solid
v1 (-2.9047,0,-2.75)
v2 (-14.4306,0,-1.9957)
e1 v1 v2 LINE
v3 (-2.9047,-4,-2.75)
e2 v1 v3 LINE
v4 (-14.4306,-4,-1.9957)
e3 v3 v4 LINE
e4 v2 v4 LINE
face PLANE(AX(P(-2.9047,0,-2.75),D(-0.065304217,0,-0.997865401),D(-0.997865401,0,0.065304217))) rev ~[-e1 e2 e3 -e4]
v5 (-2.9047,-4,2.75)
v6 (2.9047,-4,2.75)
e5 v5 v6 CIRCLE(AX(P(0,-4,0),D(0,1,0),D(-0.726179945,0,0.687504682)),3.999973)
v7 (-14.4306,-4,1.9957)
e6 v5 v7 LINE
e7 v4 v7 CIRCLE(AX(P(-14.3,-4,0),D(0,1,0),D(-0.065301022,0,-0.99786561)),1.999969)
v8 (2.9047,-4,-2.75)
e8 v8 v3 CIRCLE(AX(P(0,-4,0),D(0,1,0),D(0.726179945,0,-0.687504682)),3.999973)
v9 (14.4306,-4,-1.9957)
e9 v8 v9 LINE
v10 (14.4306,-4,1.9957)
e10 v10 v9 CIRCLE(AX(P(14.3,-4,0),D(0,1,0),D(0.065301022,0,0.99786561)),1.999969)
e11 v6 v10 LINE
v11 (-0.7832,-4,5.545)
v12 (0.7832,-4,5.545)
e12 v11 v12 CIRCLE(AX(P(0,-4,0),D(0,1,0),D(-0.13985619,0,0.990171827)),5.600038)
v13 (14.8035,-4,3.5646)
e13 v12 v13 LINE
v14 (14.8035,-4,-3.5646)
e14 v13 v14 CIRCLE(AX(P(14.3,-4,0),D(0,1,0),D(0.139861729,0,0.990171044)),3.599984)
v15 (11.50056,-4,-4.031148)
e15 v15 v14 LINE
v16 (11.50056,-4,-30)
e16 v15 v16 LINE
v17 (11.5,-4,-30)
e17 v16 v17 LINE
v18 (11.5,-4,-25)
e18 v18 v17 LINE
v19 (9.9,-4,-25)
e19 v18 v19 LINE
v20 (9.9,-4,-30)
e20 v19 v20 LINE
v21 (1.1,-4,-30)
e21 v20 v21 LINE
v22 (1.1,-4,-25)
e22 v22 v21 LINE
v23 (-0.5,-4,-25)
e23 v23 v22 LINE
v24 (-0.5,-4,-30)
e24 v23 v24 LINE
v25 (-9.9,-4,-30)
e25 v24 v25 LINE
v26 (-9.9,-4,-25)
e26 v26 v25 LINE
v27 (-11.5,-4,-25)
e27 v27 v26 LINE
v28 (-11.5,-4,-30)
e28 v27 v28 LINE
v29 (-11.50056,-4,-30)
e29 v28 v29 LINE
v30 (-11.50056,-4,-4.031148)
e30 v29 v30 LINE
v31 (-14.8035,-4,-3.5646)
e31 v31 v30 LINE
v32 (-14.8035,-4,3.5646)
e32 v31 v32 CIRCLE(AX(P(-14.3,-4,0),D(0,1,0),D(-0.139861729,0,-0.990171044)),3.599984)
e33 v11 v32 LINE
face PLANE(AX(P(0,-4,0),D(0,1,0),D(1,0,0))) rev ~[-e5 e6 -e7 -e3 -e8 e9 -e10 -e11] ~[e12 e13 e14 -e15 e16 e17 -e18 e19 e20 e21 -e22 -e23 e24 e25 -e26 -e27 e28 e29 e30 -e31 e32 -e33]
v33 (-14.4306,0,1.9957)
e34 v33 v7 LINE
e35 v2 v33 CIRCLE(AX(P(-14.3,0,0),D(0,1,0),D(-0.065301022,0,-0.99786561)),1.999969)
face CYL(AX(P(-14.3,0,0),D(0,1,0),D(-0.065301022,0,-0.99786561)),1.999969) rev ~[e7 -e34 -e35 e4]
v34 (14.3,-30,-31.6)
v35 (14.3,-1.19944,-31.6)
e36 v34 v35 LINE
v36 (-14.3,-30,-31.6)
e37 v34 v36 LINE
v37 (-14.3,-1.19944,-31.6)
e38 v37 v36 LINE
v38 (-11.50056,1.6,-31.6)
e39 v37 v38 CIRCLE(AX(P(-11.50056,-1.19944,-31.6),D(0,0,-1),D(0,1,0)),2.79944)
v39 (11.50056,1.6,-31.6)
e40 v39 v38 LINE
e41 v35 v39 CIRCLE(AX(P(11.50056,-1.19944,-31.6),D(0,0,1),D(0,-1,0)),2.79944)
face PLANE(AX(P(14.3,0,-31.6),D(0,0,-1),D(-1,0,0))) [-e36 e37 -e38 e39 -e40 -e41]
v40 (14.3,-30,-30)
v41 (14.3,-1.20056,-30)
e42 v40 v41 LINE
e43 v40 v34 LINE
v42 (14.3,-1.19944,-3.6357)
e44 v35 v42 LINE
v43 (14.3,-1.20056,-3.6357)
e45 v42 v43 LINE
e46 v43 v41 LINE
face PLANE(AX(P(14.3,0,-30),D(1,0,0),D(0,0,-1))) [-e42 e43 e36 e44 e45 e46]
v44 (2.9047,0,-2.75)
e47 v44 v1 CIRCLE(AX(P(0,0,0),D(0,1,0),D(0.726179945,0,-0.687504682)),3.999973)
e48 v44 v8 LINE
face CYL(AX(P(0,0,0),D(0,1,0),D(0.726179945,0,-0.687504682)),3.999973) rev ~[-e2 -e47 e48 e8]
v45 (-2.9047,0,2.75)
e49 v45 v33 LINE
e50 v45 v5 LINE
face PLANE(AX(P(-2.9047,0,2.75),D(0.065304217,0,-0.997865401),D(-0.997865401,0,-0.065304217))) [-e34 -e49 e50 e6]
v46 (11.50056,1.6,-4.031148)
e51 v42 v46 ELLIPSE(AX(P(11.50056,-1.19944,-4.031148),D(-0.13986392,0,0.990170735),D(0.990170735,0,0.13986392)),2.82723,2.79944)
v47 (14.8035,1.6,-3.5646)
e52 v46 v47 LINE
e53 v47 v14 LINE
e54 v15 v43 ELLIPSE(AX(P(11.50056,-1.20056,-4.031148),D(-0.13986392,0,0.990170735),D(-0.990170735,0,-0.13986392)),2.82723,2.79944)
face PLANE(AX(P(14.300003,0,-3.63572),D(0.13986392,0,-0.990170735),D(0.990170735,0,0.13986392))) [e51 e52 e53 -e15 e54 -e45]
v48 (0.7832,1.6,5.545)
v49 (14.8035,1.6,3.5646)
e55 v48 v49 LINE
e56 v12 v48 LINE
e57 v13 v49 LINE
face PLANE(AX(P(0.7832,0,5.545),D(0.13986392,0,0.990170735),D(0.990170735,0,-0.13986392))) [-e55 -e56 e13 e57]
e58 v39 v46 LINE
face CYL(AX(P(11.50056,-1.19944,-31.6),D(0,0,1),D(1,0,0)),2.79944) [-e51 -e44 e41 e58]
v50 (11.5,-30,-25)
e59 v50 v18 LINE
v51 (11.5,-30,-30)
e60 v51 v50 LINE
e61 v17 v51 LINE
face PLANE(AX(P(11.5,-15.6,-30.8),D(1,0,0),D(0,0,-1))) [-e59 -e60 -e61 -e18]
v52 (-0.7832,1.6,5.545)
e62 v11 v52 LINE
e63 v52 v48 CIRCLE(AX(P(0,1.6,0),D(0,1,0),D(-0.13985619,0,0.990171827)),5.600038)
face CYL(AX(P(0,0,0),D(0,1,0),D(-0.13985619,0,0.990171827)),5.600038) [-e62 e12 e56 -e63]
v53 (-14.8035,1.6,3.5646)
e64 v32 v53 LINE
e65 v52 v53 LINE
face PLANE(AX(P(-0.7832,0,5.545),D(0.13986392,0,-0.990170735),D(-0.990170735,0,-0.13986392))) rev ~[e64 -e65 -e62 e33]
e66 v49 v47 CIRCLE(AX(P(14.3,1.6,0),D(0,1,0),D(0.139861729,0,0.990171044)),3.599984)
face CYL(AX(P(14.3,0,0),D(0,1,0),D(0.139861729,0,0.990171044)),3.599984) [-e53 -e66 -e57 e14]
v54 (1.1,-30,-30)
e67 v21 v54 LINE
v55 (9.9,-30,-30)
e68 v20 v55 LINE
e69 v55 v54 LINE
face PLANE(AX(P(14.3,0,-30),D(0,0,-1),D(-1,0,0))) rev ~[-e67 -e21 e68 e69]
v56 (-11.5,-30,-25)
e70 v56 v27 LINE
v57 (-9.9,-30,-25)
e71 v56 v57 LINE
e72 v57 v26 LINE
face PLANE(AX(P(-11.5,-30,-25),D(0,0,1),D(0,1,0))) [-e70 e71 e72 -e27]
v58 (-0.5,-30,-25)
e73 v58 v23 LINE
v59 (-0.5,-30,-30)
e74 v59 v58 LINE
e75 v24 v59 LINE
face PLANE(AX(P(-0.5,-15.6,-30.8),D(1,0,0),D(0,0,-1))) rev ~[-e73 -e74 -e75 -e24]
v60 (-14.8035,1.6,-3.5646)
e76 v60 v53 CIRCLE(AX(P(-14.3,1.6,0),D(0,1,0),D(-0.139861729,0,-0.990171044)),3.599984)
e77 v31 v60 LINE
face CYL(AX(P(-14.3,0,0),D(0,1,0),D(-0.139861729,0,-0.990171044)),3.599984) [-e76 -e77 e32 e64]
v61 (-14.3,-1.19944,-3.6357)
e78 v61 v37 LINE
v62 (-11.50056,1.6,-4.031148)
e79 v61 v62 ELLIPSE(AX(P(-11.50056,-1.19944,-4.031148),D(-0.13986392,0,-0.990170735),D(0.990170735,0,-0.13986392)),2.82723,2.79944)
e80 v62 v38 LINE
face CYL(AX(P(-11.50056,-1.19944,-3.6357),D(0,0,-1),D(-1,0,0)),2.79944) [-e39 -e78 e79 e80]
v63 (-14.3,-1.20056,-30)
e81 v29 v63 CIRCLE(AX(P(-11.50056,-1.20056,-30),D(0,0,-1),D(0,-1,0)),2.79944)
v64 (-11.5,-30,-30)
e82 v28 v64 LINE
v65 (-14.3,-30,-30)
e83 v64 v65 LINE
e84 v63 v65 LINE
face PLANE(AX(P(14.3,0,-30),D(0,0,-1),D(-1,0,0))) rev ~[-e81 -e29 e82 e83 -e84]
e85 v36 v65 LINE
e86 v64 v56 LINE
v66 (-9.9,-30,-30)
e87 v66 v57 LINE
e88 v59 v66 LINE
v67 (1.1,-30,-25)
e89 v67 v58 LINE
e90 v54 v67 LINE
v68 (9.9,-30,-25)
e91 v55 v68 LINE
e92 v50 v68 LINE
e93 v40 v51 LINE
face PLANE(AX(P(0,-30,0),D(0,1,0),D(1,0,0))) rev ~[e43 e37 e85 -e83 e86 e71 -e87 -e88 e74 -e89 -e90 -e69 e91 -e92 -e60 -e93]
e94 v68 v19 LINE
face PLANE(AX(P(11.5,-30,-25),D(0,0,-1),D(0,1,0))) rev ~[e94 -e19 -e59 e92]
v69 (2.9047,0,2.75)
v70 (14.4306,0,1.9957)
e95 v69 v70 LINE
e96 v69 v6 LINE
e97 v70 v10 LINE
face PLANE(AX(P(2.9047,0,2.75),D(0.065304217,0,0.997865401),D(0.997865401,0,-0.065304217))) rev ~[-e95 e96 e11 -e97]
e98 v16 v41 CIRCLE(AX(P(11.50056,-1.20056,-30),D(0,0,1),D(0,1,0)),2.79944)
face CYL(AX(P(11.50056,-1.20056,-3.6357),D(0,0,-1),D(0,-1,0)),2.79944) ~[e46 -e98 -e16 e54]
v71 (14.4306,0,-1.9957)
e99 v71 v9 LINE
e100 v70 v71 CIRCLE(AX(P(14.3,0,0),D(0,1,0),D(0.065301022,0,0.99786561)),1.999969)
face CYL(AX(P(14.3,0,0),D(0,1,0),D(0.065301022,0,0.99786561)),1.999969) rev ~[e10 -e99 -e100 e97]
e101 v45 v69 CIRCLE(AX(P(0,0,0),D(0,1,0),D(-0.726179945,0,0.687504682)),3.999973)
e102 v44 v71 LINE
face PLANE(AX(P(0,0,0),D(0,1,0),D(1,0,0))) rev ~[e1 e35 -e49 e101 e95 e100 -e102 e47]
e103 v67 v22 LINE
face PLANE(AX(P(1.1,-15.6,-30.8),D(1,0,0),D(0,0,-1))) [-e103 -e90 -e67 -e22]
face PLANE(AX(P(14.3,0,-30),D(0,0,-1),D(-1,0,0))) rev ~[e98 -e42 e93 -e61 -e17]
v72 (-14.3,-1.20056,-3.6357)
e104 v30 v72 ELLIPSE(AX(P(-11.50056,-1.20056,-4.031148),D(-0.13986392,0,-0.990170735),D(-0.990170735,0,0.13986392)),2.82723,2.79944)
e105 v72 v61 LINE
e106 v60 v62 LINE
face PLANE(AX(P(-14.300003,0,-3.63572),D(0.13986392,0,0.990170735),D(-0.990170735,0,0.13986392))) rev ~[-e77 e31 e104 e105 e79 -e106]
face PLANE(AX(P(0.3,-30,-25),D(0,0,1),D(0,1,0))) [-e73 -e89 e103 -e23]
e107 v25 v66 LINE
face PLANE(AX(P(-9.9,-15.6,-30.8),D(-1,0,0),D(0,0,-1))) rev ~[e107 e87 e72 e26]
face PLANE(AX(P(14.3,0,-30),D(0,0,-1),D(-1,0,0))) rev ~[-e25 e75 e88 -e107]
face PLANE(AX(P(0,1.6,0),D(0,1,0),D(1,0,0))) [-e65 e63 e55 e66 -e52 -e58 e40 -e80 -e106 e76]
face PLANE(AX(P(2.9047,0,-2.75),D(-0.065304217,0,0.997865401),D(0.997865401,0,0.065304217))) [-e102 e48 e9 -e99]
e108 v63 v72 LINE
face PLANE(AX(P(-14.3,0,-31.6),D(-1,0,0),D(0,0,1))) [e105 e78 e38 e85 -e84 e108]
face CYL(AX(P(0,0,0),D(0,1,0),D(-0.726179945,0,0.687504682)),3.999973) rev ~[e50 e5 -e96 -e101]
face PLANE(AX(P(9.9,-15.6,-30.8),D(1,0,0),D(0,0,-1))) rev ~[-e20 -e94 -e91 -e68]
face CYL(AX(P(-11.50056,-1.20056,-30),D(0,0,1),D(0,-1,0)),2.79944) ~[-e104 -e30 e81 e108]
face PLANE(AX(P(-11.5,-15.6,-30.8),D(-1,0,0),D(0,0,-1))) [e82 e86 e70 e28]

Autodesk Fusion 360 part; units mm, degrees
sketch "Sketch1" plane through (0, 0, 0) normal (0, 1, 0) x (1, 0, 0)
  line L0 (0, 0) -> (16.3, 0) construction
  line L1 (2.9047, 2.75) -> (2.9047, -2.75) construction
  line L2 (2.9047, 2.75) -> (14.4306, 1.9957)
  line L3 (2.9047, -2.75) -> (14.4306, -1.9957)
  line L4 (0, 4) -> (0, -4) construction
  arc A0 (14.4306, -1.9957) -> (14.4306, 1.9957) centre (14.3, 0) ccw
  line L5 (0.7832, 5.545) -> (14.8035, 3.5646)
  line L6 (0.7832, -5.545) -> (14.8035, -3.5646)
  arc A1 (14.8035, -3.5646) -> (14.8035, 3.5646) centre (14.3, 0) ccw
  line L7 (-2.9047, 2.75) -> (-14.4306, 1.9957)
  line L8 (-0.7832, 5.545) -> (-14.8035, 3.5646)
  line L9 (-2.9047, -2.75) -> (-14.4306, -1.9957)
  line L10 (-0.7832, -5.545) -> (-14.8035, -3.5646)
  arc A2 (-14.4306, 1.9957) -> (-14.4306, -1.9957) centre (-14.3, 0) ccw
  arc A3 (-14.8035, 3.5646) -> (-14.8035, -3.5646) centre (-14.3, 0) ccw
  arc A4 (0.7832, 5.545) -> (-0.7832, 5.545) centre (0, 0) ccw
  arc A5 (-0.7832, -5.545) -> (0.7832, -5.545) centre (0, 0) ccw
  arc A6 (2.9047, 2.75) -> (-2.9047, 2.75) centre (0, 0) ccw
  arc A7 (-2.9047, -2.75) -> (2.9047, -2.75) centre (0, 0) ccw
  line L11 (14.3, 3.6357) -> (14.3, 31.6)
  line L12 (14.3, 30) -> (-14.3, 30)
  line L13 (-14.3, 30) -> (-14.3, 3.6357)
  line L14 (14.3, 31.6) -> (-14.3, 31.6)
  line L15 (-14.3, 31.6) -> (-14.3, 30)
  dimension "d1" = 8
  dimension "d2" = 16.3
  dimension "d3" = 4
  dimension "d5" = 5.5
  dimension "d6" = 1.6
  dimension "d7" = 1.6
  dimension "d8" = 30
  dimension "d16" = 1.6
extrude "Extrude1" add sketch "Sketch1" along normal blind 1.6 contours L2 L3 A0 L7 L9 A2 A6 A7 | L5 L8 A4 L11 L12 L13 | L5 L6 A1 L8 L10 A3 A4 A5 | L11 L12 L14 L15
extrude "Extrude2" add sketch "Sketch1" against normal blind 4 contours L5 L8 A4 L11 L12 L13 | L5 L6 A1 L8 L10 A3 A4 A5
extrude "Extrude3" add sketch "Sketch1" against normal blind 30 contours L11 L12 L14 L15
fillet "Fillet1" radius 2.8 4 edges at (14.3, 1.6, -17.6179) (14.3, -4, -16.8179) (-14.3, 1.6, -17.6179) (-14.3, -4, -16.8179)
ref_plane "WorkPlane1" through (0.3, -15.6, -30.8) normal (1, 0, 0) x (0, 0, -1)
ref_plane "WorkPlane2" through (-11.5, -15.6, -30.8) normal (-1, 0, 0) x (0, 0, 1)
ref_plane "WorkPlane3" through (11.5, -15.6, -30.8) normal (1, 0, 0) x (0, 0, -1)
sketch "Sketch2" plane through (0.3, -15.6, -30.8) normal (1, 0, 0) x (0, 0, -1)
  line L0 (-0.8, 14.4) -> (-0.8, -14.4)
  line L1 (-0.8, -14.4) -> (-5.8, -14.4)
  line L2 (-5.8, -14.4) -> (-5.8, 11.6)
  line L3 (-5.8, 11.6) -> (-0.8, 11.6)
  line L4 (-0.8, 11.6) -> (-0.8, -14.4)
  line L5 (-26.7688, 11.6) -> (-0.8, 11.6)
  dimension "d25" = 5
sketch "Sketch3" plane through (-11.5, -15.6, -30.8) normal (-1, 0, 0) x (0, 0, -1)
  line L0 (-5.8, 14.4) -> (-5.8, -11.6)
  line L1 (-0.8, 14.4) -> (-5.8, 14.4)
  line L2 (-0.8, -11.6) -> (-0.8, 14.4)
  line L3 (-5.8, -11.6) -> (-0.8, -11.6)
sketch "Sketch4" plane through (11.5, -15.6, -30.8) normal (1, 0, 0) x (0, 0, -1)
  line L0 (-5.8, -14.4) -> (-5.8, 11.6)
  line L1 (-0.8, -14.4) -> (-5.8, -14.4)
  line L2 (-0.8, 11.6) -> (-0.8, -14.4)
  line L3 (-5.8, 11.6) -> (-0.8, 11.6)
extrude "Extrude4" add sketch "Sketch2" along normal mid plane 1.6
extrude "Extrude5" add sketch "Sketch4" against normal blind 1.6
extrude "Extrude6" add sketch "Sketch3" against normal blind 1.6
equation "d7 = d6"
